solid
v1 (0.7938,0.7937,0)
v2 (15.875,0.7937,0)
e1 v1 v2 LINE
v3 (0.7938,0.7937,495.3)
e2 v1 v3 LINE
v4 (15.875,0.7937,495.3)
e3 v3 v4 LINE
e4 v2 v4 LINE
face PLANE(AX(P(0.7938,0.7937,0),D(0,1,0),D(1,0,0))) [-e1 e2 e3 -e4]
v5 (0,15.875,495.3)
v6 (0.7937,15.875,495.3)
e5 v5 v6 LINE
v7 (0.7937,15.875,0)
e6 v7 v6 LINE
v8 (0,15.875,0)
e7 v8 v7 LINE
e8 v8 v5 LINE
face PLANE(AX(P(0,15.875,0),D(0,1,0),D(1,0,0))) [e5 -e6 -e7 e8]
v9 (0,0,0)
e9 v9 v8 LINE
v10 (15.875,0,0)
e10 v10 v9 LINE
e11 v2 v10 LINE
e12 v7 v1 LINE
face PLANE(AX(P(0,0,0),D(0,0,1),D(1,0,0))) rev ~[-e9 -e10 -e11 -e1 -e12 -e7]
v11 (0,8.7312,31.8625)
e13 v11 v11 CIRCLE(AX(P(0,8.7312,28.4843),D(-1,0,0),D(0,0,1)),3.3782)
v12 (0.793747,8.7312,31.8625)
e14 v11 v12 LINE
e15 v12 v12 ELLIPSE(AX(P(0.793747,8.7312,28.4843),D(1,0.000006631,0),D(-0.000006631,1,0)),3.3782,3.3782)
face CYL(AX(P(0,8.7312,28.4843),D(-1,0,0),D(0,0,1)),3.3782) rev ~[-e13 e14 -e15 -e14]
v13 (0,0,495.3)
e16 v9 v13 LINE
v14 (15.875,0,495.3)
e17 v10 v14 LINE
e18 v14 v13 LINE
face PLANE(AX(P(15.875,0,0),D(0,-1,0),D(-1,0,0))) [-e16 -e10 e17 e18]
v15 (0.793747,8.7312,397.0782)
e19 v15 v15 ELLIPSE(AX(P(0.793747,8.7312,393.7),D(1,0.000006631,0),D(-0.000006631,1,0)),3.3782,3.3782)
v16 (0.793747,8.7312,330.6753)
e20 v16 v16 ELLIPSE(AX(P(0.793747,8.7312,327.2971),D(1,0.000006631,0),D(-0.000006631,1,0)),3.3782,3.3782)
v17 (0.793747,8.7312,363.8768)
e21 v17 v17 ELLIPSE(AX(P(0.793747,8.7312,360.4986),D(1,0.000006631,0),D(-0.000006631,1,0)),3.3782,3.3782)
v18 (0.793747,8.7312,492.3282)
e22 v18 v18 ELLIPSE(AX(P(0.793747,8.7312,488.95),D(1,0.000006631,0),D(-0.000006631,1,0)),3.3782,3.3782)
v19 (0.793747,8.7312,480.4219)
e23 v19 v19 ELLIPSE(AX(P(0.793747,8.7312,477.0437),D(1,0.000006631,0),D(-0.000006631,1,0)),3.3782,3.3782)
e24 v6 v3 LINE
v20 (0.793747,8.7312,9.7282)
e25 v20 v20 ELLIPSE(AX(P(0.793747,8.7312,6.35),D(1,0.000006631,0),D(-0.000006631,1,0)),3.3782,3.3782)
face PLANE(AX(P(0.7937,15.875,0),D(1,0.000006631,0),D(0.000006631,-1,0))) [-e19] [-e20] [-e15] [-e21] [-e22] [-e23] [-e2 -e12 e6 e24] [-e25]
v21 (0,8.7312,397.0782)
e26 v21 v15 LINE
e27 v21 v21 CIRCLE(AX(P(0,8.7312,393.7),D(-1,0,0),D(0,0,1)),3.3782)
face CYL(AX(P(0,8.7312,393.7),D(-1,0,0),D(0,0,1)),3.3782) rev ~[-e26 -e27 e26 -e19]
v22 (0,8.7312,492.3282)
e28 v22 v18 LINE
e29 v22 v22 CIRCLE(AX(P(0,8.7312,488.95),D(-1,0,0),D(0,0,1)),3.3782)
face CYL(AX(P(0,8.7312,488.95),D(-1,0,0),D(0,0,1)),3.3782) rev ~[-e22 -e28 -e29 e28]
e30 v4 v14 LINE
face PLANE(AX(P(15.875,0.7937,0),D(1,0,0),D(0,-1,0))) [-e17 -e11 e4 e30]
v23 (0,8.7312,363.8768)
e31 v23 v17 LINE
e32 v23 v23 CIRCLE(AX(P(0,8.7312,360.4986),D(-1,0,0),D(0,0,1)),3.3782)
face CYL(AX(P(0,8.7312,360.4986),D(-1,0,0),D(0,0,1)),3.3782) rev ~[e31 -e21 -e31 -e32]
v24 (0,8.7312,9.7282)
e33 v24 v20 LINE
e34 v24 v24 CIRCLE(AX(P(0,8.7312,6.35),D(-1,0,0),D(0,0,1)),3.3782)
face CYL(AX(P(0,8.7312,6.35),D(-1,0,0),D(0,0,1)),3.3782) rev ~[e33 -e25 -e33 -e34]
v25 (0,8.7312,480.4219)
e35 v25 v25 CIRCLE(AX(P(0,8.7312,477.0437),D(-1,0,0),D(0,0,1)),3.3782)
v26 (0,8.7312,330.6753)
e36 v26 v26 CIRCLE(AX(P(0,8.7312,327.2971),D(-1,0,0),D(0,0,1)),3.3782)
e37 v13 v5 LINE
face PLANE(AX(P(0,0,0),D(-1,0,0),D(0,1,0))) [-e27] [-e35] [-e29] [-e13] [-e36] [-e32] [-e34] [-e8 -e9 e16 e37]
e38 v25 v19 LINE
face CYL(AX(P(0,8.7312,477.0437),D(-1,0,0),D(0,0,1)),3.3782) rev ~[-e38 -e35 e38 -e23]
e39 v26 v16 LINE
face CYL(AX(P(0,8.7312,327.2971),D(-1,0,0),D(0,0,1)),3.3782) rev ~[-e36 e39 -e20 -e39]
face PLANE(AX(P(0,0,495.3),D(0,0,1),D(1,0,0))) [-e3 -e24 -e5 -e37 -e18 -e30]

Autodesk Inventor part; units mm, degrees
ref_plane "YZ Plane" through (0, 0, 0) normal (1, 0, 0) x (0, 1, 0)
ref_plane "XZ Plane" through (0, 0, 0) normal (0, 1, 0) x (-1, 0, 0)
ref_plane "XY Plane" through (0, 0, 0) normal (0, 0, 1) x (1, 0, 0)
sketch "Sketch1" plane through (0, 0, 0) normal (0, 0, 1) x (1, 0, 0)
  line L0 (0, 0) -> (0, 15.875)
  line L1 (0, 15.875) -> (0.7937, 15.875)
  line L2 (0.7937, 15.875) -> (0.7938, 0.7937)
  line L3 (0.7938, 0.7937) -> (15.875, 0.7937)
  line L4 (15.875, 0.7937) -> (15.875, 0)
  line L5 (15.875, 0) -> (0, 0)
  dimension "d0" = 15.875
  dimension "d1" = 0.7937
extrude "Extrusion1" add sketch "Sketch1" along normal blind 495.3
sketch "Sketch2" plane through (0, 0, 0) normal (-1, 0, 0) x (0, 0, 1)
  line L0 (276.0218, 396.0812) -> (276.0218, 91.2812) projected
  arc A0 (276.0218, 91.2812) -> (282.7782, 91.2812) centre (279.4, 91.2812) ccw projected
  line L1 (282.7782, 91.2812) -> (282.7782, 396.0812) projected
  arc A1 (282.7782, 396.0812) -> (276.0218, 396.0812) centre (279.4, 396.0812) ccw projected
  circle A2 centre (279.4, 27.7812) radius 3.3782 projected
  circle A3 centre (279.4, 59.5312) radius 3.3782 projected
  line L2 (292.1, 15.0812) -> (482.6, 15.0812) projected
  line L3 (482.6, 15.0812) -> (482.6, 484.9812) projected
  line L4 (482.6, 484.9812) -> (292.1, 484.9812) projected
  line L5 (292.1, 484.9812) -> (292.1, 15.0812) projected
  line L6 (149.0218, 396.0812) -> (149.0218, 91.2812) projected
  arc A4 (149.0218, 91.2812) -> (155.7782, 91.2812) centre (152.4, 91.2812) ccw projected
  line L7 (155.7782, 91.2812) -> (155.7782, 396.0812) projected
  arc A5 (155.7782, 396.0812) -> (149.0218, 396.0812) centre (152.4, 396.0812) ccw projected
  ellipse E0 centre (152.3984, 27.7812) end of major axis (152.3984, 31.1594) minor radius 3.3782 projected
  ellipse E1 centre (152.3984, 59.5312) end of major axis (152.3984, 56.153) minor radius 3.3782 projected
  line L8 (266.7, 15.0812) -> (266.7, 484.9812) projected
  line L9 (266.7, 484.9812) -> (165.1, 484.9812) projected
  line L10 (165.1, 484.9812) -> (165.1, 15.0812) projected
  line L11 (165.1, 15.0812) -> (266.7, 15.0812) projected
  line L12 (12.7, 15.0812) -> (139.7, 15.0812) projected
  line L13 (139.7, 15.0812) -> (139.7, 484.9812) projected
  line L14 (139.7, 484.9812) -> (12.7, 484.9812) projected
  line L15 (12.7, 484.9812) -> (12.7, 15.0812) projected
  circle A6 centre (393.7, 8.7312) radius 3.3782 projected
  circle A7 centre (393.7, 491.3312) radius 3.3782 projected
  circle A8 centre (405.6062, 8.7312) radius 3.3782 projected
  circle A9 centre (405.6062, 491.3312) radius 3.3782 projected
  circle A10 centre (417.5125, 8.7312) radius 3.3782 projected
  circle A11 centre (417.5125, 491.3312) radius 3.3782 projected
  circle A12 centre (429.4187, 8.7312) radius 3.3782 projected
  circle A13 centre (429.4187, 491.3312) radius 3.3782 projected
  circle A14 centre (441.325, 8.7312) radius 3.3782 projected
  circle A15 centre (441.325, 491.3312) radius 3.3782 projected
  circle A16 centre (453.2312, 8.7312) radius 3.3782 projected
  circle A17 centre (453.2312, 491.3312) radius 3.3782 projected
  circle A18 centre (465.1375, 8.7312) radius 3.3782 projected
  circle A19 centre (465.1375, 491.3312) radius 3.3782 projected
  circle A20 centre (477.0437, 8.7312) radius 3.3782 projected
  circle A21 centre (477.0437, 491.3312) radius 3.3782 projected
  circle A22 centre (382.6329, 8.7312) radius 3.3782 projected
  circle A23 centre (382.6329, 491.3312) radius 3.3782 projected
  circle A24 centre (371.5657, 8.7312) radius 3.3782 projected
  circle A25 centre (371.5657, 491.3312) radius 3.3782 projected
  circle A26 centre (360.4986, 8.7312) radius 3.3782 projected
  circle A27 centre (360.4986, 491.3312) radius 3.3782 projected
  circle A28 centre (349.4314, 8.7312) radius 3.3782 projected
  circle A29 centre (349.4314, 491.3312) radius 3.3782 projected
  circle A30 centre (338.3643, 8.7312) radius 3.3782 projected
  circle A31 centre (338.3643, 491.3312) radius 3.3782 projected
  circle A32 centre (327.2971, 8.7312) radius 3.3782 projected
  circle A33 centre (327.2971, 491.3312) radius 3.3782 projected
  circle A34 centre (316.23, 8.7312) radius 3.3782 projected
  circle A35 centre (316.23, 491.3312) radius 3.3782 projected
  circle A36 centre (305.1629, 8.7312) radius 3.3782 projected
  circle A37 centre (305.1629, 491.3312) radius 3.3782 projected
  circle A38 centre (294.0957, 8.7312) radius 3.3782 projected
  circle A39 centre (294.0957, 491.3312) radius 3.3782 projected
  circle A40 centre (283.0286, 8.7312) radius 3.3782 projected
  circle A41 centre (283.0286, 491.3312) radius 3.3782 projected
  circle A42 centre (271.9614, 8.7312) radius 3.3782 projected
  circle A43 centre (271.9614, 491.3312) radius 3.3782 projected
  circle A44 centre (260.8943, 8.7312) radius 3.3782 projected
  circle A45 centre (260.8943, 491.3312) radius 3.3782 projected
  circle A46 centre (249.8271, 8.7312) radius 3.3782 projected
  circle A47 centre (249.8271, 491.3312) radius 3.3782 projected
  circle A48 centre (238.76, 8.7312) radius 3.3782 projected
  circle A49 centre (238.76, 491.3312) radius 3.3782 projected
  circle A50 centre (227.6929, 8.7312) radius 3.3782 projected
  circle A51 centre (227.6929, 491.3312) radius 3.3782 projected
  circle A52 centre (216.6257, 8.7312) radius 3.3782 projected
  circle A53 centre (216.6257, 491.3312) radius 3.3782 projected
  circle A54 centre (205.5586, 8.7312) radius 3.3782 projected
  circle A55 centre (205.5586, 491.3312) radius 3.3782 projected
  circle A56 centre (194.4914, 8.7312) radius 3.3782 projected
  circle A57 centre (194.4914, 491.3312) radius 3.3782 projected
  circle A58 centre (183.4243, 8.7312) radius 3.3782 projected
  circle A59 centre (183.4243, 491.3312) radius 3.3782 projected
  circle A60 centre (172.3571, 8.7312) radius 3.3782 projected
  circle A61 centre (172.3571, 491.3312) radius 3.3782 projected
  circle A62 centre (161.29, 8.7312) radius 3.3782 projected
  circle A63 centre (161.29, 491.3312) radius 3.3782 projected
  circle A64 centre (150.2229, 8.7312) radius 3.3782 projected
  circle A65 centre (150.2229, 491.3312) radius 3.3782 projected
  circle A66 centre (139.1557, 8.7312) radius 3.3782 projected
  circle A67 centre (139.1557, 491.3312) radius 3.3782 projected
  circle A68 centre (128.0886, 8.7312) radius 3.3782 projected
  circle A69 centre (128.0886, 491.3312) radius 3.3782 projected
  circle A70 centre (117.0214, 8.7312) radius 3.3782 projected
  circle A71 centre (117.0214, 491.3312) radius 3.3782 projected
  circle A72 centre (105.9543, 8.7312) radius 3.3782 projected
  circle A73 centre (105.9543, 491.3312) radius 3.3782 projected
  circle A74 centre (94.8871, 8.7312) radius 3.3782 projected
  circle A75 centre (94.8871, 491.3312) radius 3.3782 projected
  circle A76 centre (83.82, 8.7312) radius 3.3782 projected
  circle A77 centre (83.82, 491.3312) radius 3.3782 projected
  circle A78 centre (72.7529, 8.7312) radius 3.3782 projected
  circle A79 centre (72.7529, 491.3312) radius 3.3782 projected
  circle A80 centre (61.6857, 8.7312) radius 3.3782 projected
  circle A81 centre (61.6857, 491.3312) radius 3.3782 projected
  circle A82 centre (50.6186, 8.7312) radius 3.3782 projected
  circle A83 centre (50.6186, 491.3312) radius 3.3782 projected
  circle A84 centre (39.5514, 8.7312) radius 3.3782 projected
  circle A85 centre (39.5514, 491.3312) radius 3.3782 projected
  circle A86 centre (28.4843, 8.7312) radius 3.3782 projected
  circle A87 centre (28.4843, 491.3312) radius 3.3782 projected
  circle A88 centre (17.4171, 8.7312) radius 3.3782 projected
  circle A89 centre (17.4171, 491.3312) radius 3.3782 projected
  circle A90 centre (488.95, 8.7312) radius 3.3782 projected
  circle A91 centre (488.95, 18.5802) radius 3.3782 projected
  circle A92 centre (488.95, 28.4292) radius 3.3782 projected
  circle A93 centre (488.95, 38.2782) radius 3.3782 projected
  circle A94 centre (488.95, 48.1272) radius 3.3782 projected
  circle A95 centre (488.95, 57.9761) radius 3.3782 projected
  circle A96 centre (488.95, 67.8251) radius 3.3782 projected
  circle A97 centre (488.95, 77.6741) radius 3.3782 projected
  circle A98 centre (488.95, 87.5231) radius 3.3782 projected
  circle A99 centre (488.95, 97.3721) radius 3.3782 projected
  circle A100 centre (488.95, 107.221) radius 3.3782 projected
  circle A101 centre (488.95, 117.07) radius 3.3782 projected
  circle A102 centre (488.95, 126.919) radius 3.3782 projected
  circle A103 centre (488.95, 136.768) radius 3.3782 projected
  circle A104 centre (488.95, 146.617) radius 3.3782 projected
  circle A105 centre (488.95, 156.4659) radius 3.3782 projected
  circle A106 centre (488.95, 166.3149) radius 3.3782 projected
  circle A107 centre (488.95, 176.1639) radius 3.3782 projected
  circle A108 centre (488.95, 186.0129) radius 3.3782 projected
  circle A109 centre (488.95, 195.8619) radius 3.3782 projected
  circle A110 centre (488.95, 205.7108) radius 3.3782 projected
  circle A111 centre (488.95, 215.5598) radius 3.3782 projected
  circle A112 centre (488.95, 225.4088) radius 3.3782 projected
  circle A113 centre (488.95, 235.2578) radius 3.3782 projected
  circle A114 centre (488.95, 245.1068) radius 3.3782 projected
  circle A115 centre (488.95, 254.9557) radius 3.3782 projected
  circle A116 centre (488.95, 264.8047) radius 3.3782 projected
  circle A117 centre (488.95, 274.6537) radius 3.3782 projected
  circle A118 centre (488.95, 284.5027) radius 3.3782 projected
  circle A119 centre (488.95, 294.3517) radius 3.3782 projected
  circle A120 centre (488.95, 304.2006) radius 3.3782 projected
  circle A121 centre (488.95, 314.0496) radius 3.3782 projected
  circle A122 centre (488.95, 323.8986) radius 3.3782 projected
  circle A123 centre (488.95, 333.7476) radius 3.3782 projected
  circle A124 centre (488.95, 343.5966) radius 3.3782 projected
  circle A125 centre (488.95, 353.4455) radius 3.3782 projected
  circle A126 centre (488.95, 363.2945) radius 3.3782 projected
  circle A127 centre (488.95, 373.1435) radius 3.3782 projected
  circle A128 centre (488.95, 382.9925) radius 3.3782 projected
  circle A129 centre (488.95, 392.8415) radius 3.3782 projected
  circle A130 centre (488.95, 402.6904) radius 3.3782 projected
  circle A131 centre (488.95, 412.5394) radius 3.3782 projected
  circle A132 centre (488.95, 422.3884) radius 3.3782 projected
  circle A133 centre (488.95, 432.2374) radius 3.3782 projected
  circle A134 centre (488.95, 442.0864) radius 3.3782 projected
  circle A135 centre (488.95, 451.9353) radius 3.3782 projected
  circle A136 centre (488.95, 461.7843) radius 3.3782 projected
  circle A137 centre (488.95, 471.6333) radius 3.3782 projected
  circle A138 centre (488.95, 481.4823) radius 3.3782 projected
  circle A139 centre (488.95, 491.3312) radius 3.3782 projected
  circle A140 centre (6.35, 8.7312) radius 3.3782 projected
  circle A141 centre (6.35, 18.5802) radius 3.3782 projected
  circle A142 centre (6.35, 28.4292) radius 3.3782 projected
  circle A143 centre (6.35, 38.2782) radius 3.3782 projected
  circle A144 centre (6.35, 48.1272) radius 3.3782 projected
  circle A145 centre (6.35, 57.9761) radius 3.3782 projected
  circle A146 centre (6.35, 67.8251) radius 3.3782 projected
  circle A147 centre (6.35, 77.6741) radius 3.3782 projected
  circle A148 centre (6.35, 87.5231) radius 3.3782 projected
  circle A149 centre (6.35, 97.3721) radius 3.3782 projected
  circle A150 centre (6.35, 107.221) radius 3.3782 projected
  circle A151 centre (6.35, 117.07) radius 3.3782 projected
  circle A152 centre (6.35, 126.919) radius 3.3782 projected
  circle A153 centre (6.35, 136.768) radius 3.3782 projected
  circle A154 centre (6.35, 146.617) radius 3.3782 projected
  circle A155 centre (6.35, 156.4659) radius 3.3782 projected
  circle A156 centre (6.35, 166.3149) radius 3.3782 projected
  circle A157 centre (6.35, 176.1639) radius 3.3782 projected
  circle A158 centre (6.35, 186.0129) radius 3.3782 projected
  circle A159 centre (6.35, 195.8619) radius 3.3782 projected
  circle A160 centre (6.35, 205.7108) radius 3.3782 projected
  circle A161 centre (6.35, 215.5598) radius 3.3782 projected
  circle A162 centre (6.35, 225.4088) radius 3.3782 projected
  circle A163 centre (6.35, 235.2578) radius 3.3782 projected
  circle A164 centre (6.35, 245.1068) radius 3.3782 projected
  circle A165 centre (6.35, 254.9557) radius 3.3782 projected
  circle A166 centre (6.35, 264.8047) radius 3.3782 projected
  circle A167 centre (6.35, 274.6537) radius 3.3782 projected
  circle A168 centre (6.35, 284.5027) radius 3.3782 projected
  circle A169 centre (6.35, 294.3517) radius 3.3782 projected
  circle A170 centre (6.35, 304.2006) radius 3.3782 projected
  circle A171 centre (6.35, 314.0496) radius 3.3782 projected
  circle A172 centre (6.35, 323.8986) radius 3.3782 projected
  circle A173 centre (6.35, 333.7476) radius 3.3782 projected
  circle A174 centre (6.35, 343.5966) radius 3.3782 projected
  circle A175 centre (6.35, 353.4455) radius 3.3782 projected
  circle A176 centre (6.35, 363.2945) radius 3.3782 projected
  circle A177 centre (6.35, 373.1435) radius 3.3782 projected
  circle A178 centre (6.35, 382.9925) radius 3.3782 projected
  circle A179 centre (6.35, 392.8415) radius 3.3782 projected
  circle A180 centre (6.35, 402.6904) radius 3.3782 projected
  circle A181 centre (6.35, 412.5394) radius 3.3782 projected
  circle A182 centre (6.35, 422.3884) radius 3.3782 projected
  circle A183 centre (6.35, 432.2374) radius 3.3782 projected
  circle A184 centre (6.35, 442.0864) radius 3.3782 projected
  circle A185 centre (6.35, 451.9353) radius 3.3782 projected
  circle A186 centre (6.35, 461.7843) radius 3.3782 projected
  circle A187 centre (6.35, 471.6333) radius 3.3782 projected
  circle A188 centre (6.35, 481.4823) radius 3.3782 projected
  circle A189 centre (6.35, 491.3312) radius 3.3782 projected
  line L16 (0, 2.3812) -> (0, 497.6812) projected
  line L17 (0, 497.6812) -> (495.3, 497.6812) projected
  line L18 (495.3, 497.6812) -> (495.3, 2.3812) projected
  line L19 (495.3, 2.3812) -> (0, 2.3812) projected
extrude "Extrusion2" cut sketch "Sketch2" against normal through all contours A6 | A20 | A26 | A32 | A86 | A90 | A140
properties part number "Shooter Side Support Bar - R" material "Aluminum 6061"
